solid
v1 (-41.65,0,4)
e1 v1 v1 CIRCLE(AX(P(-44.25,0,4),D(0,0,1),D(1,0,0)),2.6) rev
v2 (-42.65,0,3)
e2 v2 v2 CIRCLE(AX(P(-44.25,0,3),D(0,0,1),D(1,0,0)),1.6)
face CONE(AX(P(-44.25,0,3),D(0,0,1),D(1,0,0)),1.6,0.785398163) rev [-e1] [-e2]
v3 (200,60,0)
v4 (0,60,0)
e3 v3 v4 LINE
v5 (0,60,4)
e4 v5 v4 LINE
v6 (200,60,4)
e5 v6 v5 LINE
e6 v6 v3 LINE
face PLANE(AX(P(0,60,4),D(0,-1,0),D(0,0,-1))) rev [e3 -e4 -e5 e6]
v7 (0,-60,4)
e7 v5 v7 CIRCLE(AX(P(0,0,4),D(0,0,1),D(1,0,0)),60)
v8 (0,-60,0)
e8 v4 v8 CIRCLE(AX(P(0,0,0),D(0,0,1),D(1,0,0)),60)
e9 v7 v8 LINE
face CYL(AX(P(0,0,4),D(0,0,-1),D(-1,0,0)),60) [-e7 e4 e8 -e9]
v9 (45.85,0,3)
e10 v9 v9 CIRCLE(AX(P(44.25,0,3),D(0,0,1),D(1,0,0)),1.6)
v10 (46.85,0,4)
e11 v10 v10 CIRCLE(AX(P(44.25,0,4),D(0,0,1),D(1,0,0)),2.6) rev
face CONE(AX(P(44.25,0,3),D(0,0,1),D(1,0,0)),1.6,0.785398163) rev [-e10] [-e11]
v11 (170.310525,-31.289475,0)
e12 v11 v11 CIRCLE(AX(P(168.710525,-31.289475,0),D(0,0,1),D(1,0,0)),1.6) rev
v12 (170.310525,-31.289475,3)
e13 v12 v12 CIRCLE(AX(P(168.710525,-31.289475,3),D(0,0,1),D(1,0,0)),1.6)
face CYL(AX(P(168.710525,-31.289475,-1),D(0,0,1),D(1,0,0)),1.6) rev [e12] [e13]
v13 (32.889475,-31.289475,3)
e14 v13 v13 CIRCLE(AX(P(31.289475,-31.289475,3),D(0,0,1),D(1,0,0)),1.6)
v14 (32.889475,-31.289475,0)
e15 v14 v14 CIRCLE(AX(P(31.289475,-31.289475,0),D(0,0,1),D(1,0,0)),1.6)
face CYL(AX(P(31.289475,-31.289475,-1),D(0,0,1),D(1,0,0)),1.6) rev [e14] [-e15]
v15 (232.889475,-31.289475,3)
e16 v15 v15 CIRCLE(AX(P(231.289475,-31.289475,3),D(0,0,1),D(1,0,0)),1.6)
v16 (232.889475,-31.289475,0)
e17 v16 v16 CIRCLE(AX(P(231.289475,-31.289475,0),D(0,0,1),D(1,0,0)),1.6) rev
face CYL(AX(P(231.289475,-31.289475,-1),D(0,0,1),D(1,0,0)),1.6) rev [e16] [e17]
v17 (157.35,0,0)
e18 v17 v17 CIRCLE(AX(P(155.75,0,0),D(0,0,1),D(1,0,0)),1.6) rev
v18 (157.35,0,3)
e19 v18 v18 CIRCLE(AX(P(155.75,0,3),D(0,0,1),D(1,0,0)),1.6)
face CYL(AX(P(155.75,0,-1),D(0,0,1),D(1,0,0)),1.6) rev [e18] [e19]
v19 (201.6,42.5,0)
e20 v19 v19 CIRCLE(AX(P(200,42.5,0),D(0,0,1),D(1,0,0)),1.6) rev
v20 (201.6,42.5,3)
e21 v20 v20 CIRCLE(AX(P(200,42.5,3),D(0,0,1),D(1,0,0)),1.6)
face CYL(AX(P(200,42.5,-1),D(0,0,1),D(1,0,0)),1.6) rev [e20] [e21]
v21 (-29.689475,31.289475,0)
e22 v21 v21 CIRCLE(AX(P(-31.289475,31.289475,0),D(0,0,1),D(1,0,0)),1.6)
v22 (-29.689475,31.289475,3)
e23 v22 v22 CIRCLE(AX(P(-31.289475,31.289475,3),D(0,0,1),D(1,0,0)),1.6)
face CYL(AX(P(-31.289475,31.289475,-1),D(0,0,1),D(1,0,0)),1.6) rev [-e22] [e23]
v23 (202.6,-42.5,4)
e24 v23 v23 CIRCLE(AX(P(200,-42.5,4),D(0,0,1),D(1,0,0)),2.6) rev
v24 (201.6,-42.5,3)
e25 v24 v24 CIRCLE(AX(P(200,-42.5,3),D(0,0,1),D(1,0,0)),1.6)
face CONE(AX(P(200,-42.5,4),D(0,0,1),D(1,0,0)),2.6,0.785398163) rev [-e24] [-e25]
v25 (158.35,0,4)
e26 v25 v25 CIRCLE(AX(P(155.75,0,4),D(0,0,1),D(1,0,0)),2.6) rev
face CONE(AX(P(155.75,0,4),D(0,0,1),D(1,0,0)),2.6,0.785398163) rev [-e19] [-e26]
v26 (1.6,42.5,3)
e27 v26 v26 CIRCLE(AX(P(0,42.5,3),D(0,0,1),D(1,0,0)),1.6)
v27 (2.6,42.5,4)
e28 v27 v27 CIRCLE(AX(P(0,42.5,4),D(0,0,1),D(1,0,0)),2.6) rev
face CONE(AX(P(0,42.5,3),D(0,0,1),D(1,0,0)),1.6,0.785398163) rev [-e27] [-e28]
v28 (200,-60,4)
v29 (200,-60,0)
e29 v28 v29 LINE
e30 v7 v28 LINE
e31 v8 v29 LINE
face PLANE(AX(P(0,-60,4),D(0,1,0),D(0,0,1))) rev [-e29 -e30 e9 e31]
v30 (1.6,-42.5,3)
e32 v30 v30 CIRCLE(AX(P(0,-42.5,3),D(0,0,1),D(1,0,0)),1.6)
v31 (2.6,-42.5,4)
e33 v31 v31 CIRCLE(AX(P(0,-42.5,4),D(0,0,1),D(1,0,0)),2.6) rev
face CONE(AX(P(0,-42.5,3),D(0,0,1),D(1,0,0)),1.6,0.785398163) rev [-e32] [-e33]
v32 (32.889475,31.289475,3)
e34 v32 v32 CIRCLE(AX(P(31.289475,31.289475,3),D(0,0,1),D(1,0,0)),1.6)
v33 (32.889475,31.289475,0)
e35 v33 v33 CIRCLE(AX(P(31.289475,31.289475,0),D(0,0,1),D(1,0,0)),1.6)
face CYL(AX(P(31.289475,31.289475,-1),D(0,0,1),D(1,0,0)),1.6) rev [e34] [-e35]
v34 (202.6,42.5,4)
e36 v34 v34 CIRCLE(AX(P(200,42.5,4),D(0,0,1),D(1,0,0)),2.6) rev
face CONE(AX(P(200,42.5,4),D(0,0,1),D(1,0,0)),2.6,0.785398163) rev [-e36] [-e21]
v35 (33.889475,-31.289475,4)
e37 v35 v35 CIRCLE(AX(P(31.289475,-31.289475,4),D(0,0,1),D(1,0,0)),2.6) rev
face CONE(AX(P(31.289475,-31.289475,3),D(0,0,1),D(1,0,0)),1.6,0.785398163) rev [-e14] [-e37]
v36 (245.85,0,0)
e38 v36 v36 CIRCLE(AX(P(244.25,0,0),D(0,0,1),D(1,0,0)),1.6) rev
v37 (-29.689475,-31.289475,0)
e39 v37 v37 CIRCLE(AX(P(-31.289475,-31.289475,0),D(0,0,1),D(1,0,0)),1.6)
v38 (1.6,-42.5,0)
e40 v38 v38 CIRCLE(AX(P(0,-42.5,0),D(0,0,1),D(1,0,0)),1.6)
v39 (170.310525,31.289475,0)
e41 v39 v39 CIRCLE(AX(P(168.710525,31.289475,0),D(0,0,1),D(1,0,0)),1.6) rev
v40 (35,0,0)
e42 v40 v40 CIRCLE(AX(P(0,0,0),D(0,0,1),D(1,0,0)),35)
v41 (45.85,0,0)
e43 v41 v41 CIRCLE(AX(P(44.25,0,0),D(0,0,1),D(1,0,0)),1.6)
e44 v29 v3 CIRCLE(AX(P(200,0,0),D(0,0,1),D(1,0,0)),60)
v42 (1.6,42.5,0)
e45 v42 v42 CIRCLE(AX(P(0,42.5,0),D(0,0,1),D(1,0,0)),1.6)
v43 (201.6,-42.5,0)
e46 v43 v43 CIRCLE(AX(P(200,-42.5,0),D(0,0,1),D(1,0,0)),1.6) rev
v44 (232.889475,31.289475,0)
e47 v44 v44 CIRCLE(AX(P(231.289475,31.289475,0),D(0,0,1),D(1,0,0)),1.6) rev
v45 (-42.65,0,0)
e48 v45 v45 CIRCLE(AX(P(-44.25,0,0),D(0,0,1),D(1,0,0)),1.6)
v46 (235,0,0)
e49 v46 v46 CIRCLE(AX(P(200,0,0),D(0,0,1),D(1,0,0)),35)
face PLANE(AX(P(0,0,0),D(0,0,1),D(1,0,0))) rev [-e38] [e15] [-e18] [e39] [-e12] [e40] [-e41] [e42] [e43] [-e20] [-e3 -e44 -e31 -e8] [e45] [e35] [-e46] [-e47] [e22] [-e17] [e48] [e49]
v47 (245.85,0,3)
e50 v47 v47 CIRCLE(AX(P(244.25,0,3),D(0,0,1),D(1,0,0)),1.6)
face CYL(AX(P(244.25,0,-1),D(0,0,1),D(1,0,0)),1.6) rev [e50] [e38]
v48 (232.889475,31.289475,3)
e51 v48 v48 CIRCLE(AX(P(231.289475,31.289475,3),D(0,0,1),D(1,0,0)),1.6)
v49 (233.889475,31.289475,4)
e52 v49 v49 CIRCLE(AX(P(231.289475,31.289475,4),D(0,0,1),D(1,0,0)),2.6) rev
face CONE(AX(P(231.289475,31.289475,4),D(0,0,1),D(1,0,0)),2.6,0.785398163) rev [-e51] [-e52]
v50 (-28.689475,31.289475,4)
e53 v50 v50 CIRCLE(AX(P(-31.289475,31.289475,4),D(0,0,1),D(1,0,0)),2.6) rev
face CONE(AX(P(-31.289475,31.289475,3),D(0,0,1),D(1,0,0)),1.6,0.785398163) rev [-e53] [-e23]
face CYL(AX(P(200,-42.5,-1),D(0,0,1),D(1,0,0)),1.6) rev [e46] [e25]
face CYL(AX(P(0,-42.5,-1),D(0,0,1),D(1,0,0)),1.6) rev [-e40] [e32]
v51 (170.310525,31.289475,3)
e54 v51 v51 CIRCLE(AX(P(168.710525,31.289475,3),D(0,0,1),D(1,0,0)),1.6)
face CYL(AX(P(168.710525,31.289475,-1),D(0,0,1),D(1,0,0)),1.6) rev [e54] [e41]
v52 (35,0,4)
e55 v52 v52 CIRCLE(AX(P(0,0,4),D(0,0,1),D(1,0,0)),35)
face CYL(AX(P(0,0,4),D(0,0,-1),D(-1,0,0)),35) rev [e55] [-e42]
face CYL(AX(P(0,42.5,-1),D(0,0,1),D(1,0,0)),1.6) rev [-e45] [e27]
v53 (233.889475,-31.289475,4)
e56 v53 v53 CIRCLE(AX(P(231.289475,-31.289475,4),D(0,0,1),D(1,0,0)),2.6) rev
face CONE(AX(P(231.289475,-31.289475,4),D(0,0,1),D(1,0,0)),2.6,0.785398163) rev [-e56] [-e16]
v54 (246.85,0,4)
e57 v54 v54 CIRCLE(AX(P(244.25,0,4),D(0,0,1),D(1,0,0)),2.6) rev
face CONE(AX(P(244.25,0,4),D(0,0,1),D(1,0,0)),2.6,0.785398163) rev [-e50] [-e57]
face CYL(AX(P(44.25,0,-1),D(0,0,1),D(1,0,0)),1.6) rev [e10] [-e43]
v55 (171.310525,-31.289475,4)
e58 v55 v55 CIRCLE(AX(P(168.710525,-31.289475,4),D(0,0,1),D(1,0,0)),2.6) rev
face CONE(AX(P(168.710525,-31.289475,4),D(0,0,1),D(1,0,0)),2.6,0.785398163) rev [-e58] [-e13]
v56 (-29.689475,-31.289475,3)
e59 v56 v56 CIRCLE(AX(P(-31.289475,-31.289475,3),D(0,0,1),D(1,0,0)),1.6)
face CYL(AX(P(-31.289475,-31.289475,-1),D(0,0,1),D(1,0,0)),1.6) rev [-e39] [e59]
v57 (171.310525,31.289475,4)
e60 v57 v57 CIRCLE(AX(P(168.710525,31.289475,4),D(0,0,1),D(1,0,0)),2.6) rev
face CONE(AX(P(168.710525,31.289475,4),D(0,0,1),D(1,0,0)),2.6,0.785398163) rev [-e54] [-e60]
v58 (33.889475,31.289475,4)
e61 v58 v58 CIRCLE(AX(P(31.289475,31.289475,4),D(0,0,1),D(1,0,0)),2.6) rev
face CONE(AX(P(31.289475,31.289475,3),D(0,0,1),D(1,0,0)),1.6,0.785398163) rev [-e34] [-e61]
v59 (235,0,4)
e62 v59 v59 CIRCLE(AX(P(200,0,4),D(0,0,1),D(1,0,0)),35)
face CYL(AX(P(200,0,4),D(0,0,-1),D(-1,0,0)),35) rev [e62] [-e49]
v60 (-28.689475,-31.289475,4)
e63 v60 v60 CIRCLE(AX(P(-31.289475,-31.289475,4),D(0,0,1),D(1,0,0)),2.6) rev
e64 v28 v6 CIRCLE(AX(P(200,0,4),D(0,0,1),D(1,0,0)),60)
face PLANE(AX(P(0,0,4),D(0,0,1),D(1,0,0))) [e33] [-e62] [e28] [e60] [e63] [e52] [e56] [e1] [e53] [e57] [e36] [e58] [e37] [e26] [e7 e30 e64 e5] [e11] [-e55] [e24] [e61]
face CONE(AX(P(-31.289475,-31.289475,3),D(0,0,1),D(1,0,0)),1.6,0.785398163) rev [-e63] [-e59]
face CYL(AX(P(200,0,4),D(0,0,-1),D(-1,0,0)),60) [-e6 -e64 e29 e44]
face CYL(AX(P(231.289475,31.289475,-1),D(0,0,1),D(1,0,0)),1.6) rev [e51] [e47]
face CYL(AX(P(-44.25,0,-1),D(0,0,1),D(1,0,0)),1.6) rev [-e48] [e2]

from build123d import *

# Parameters (mm, degrees)
SKETCH_1_R          = 35
EXTRUDE_1_DEPTH     = 4
SKETCH_2_R          = 1.6
CUT_EXTRUDE_1_DEPTH = 5
CHAMFER_1_SIZE      = 1


with BuildPart() as part:
    # 草图1 → 凸台-拉伸1 (new body)
    with BuildSketch(Plane.XY):
        with BuildLine():
            Line((0, 60), (200, 60))
            ThreePointArc((200, 60), (260, 0), (200, -60))
            Line((200, -60), (0, -60))
            ThreePointArc((0, -60), (-60, 0), (0, 60))
        make_face()
        Circle(SKETCH_1_R, mode=Mode.SUBTRACT)
        with Locations((200, 0)):
            Circle(SKETCH_1_R, mode=Mode.SUBTRACT)
    extrude(amount=EXTRUDE_1_DEPTH)

    # 草图2 → 切除-拉伸1 (cut)
    with BuildSketch(Plane.XY.offset(4)):
        with Locations((0, 42.5)):
            Circle(SKETCH_2_R)
        with Locations((0, -42.5)):
            Circle(SKETCH_2_R)
        with Locations((44.25, 0)):
            Circle(SKETCH_2_R)
        with Locations((31.289475068, -31.289475068)):
            Circle(SKETCH_2_R)
        with Locations((-31.289475068, -31.289475068)):
            Circle(SKETCH_2_R)
        with Locations((-44.25, 0)):
            Circle(SKETCH_2_R)
        with Locations((-31.289475068, 31.289475068)):
            Circle(SKETCH_2_R)
        with Locations((31.289475068, 31.289475068)):
            Circle(SKETCH_2_R)
        with Locations((168.710524932, -31.289475068)):
            Circle(SKETCH_2_R)
        with Locations((231.289475068, -31.289475068)):
            Circle(SKETCH_2_R)
        with Locations((200, -42.5)):
            Circle(SKETCH_2_R)
        with Locations((155.75, 0)):
            Circle(SKETCH_2_R)
        with Locations((244.25, 0)):
            Circle(SKETCH_2_R)
        with Locations((168.710524932, 31.289475068)):
            Circle(SKETCH_2_R)
        with Locations((200, 42.5)):
            Circle(SKETCH_2_R)
        with Locations((231.289475068, 31.289475068)):
            Circle(SKETCH_2_R)
    extrude(amount=-CUT_EXTRUDE_1_DEPTH, mode=Mode.SUBTRACT)

    # 倒角1
    chamfer_1_edges = [part.edges().sort_by_distance(p)[0] for p in [
        (-45.85, 0, 4),
        (-32.889475068, -31.289475068, 4),
        (29.689475068, 31.289475068, 4),
        (-1.6, 42.5, 4),
        (167.110524932, 31.289475068, 4),
        (154.15, 0, 4),
        (167.110524932, -31.289475068, 4),
        (198.4, -42.5, 4),
        (229.689475068, -31.289475068, 4),
        (242.65, 0, 4),
        (229.689475068, 31.289475068, 4),
        (198.4, 42.5, 4),
        (-1.6, -42.5, 4),
        (29.689475068, -31.289475068, 4),
        (42.65, 0, 4),
        (-32.889475068, 31.289475068, 4),
    ]]
    chamfer(chamfer_1_edges, length=CHAMFER_1_SIZE)


solid = part.part
